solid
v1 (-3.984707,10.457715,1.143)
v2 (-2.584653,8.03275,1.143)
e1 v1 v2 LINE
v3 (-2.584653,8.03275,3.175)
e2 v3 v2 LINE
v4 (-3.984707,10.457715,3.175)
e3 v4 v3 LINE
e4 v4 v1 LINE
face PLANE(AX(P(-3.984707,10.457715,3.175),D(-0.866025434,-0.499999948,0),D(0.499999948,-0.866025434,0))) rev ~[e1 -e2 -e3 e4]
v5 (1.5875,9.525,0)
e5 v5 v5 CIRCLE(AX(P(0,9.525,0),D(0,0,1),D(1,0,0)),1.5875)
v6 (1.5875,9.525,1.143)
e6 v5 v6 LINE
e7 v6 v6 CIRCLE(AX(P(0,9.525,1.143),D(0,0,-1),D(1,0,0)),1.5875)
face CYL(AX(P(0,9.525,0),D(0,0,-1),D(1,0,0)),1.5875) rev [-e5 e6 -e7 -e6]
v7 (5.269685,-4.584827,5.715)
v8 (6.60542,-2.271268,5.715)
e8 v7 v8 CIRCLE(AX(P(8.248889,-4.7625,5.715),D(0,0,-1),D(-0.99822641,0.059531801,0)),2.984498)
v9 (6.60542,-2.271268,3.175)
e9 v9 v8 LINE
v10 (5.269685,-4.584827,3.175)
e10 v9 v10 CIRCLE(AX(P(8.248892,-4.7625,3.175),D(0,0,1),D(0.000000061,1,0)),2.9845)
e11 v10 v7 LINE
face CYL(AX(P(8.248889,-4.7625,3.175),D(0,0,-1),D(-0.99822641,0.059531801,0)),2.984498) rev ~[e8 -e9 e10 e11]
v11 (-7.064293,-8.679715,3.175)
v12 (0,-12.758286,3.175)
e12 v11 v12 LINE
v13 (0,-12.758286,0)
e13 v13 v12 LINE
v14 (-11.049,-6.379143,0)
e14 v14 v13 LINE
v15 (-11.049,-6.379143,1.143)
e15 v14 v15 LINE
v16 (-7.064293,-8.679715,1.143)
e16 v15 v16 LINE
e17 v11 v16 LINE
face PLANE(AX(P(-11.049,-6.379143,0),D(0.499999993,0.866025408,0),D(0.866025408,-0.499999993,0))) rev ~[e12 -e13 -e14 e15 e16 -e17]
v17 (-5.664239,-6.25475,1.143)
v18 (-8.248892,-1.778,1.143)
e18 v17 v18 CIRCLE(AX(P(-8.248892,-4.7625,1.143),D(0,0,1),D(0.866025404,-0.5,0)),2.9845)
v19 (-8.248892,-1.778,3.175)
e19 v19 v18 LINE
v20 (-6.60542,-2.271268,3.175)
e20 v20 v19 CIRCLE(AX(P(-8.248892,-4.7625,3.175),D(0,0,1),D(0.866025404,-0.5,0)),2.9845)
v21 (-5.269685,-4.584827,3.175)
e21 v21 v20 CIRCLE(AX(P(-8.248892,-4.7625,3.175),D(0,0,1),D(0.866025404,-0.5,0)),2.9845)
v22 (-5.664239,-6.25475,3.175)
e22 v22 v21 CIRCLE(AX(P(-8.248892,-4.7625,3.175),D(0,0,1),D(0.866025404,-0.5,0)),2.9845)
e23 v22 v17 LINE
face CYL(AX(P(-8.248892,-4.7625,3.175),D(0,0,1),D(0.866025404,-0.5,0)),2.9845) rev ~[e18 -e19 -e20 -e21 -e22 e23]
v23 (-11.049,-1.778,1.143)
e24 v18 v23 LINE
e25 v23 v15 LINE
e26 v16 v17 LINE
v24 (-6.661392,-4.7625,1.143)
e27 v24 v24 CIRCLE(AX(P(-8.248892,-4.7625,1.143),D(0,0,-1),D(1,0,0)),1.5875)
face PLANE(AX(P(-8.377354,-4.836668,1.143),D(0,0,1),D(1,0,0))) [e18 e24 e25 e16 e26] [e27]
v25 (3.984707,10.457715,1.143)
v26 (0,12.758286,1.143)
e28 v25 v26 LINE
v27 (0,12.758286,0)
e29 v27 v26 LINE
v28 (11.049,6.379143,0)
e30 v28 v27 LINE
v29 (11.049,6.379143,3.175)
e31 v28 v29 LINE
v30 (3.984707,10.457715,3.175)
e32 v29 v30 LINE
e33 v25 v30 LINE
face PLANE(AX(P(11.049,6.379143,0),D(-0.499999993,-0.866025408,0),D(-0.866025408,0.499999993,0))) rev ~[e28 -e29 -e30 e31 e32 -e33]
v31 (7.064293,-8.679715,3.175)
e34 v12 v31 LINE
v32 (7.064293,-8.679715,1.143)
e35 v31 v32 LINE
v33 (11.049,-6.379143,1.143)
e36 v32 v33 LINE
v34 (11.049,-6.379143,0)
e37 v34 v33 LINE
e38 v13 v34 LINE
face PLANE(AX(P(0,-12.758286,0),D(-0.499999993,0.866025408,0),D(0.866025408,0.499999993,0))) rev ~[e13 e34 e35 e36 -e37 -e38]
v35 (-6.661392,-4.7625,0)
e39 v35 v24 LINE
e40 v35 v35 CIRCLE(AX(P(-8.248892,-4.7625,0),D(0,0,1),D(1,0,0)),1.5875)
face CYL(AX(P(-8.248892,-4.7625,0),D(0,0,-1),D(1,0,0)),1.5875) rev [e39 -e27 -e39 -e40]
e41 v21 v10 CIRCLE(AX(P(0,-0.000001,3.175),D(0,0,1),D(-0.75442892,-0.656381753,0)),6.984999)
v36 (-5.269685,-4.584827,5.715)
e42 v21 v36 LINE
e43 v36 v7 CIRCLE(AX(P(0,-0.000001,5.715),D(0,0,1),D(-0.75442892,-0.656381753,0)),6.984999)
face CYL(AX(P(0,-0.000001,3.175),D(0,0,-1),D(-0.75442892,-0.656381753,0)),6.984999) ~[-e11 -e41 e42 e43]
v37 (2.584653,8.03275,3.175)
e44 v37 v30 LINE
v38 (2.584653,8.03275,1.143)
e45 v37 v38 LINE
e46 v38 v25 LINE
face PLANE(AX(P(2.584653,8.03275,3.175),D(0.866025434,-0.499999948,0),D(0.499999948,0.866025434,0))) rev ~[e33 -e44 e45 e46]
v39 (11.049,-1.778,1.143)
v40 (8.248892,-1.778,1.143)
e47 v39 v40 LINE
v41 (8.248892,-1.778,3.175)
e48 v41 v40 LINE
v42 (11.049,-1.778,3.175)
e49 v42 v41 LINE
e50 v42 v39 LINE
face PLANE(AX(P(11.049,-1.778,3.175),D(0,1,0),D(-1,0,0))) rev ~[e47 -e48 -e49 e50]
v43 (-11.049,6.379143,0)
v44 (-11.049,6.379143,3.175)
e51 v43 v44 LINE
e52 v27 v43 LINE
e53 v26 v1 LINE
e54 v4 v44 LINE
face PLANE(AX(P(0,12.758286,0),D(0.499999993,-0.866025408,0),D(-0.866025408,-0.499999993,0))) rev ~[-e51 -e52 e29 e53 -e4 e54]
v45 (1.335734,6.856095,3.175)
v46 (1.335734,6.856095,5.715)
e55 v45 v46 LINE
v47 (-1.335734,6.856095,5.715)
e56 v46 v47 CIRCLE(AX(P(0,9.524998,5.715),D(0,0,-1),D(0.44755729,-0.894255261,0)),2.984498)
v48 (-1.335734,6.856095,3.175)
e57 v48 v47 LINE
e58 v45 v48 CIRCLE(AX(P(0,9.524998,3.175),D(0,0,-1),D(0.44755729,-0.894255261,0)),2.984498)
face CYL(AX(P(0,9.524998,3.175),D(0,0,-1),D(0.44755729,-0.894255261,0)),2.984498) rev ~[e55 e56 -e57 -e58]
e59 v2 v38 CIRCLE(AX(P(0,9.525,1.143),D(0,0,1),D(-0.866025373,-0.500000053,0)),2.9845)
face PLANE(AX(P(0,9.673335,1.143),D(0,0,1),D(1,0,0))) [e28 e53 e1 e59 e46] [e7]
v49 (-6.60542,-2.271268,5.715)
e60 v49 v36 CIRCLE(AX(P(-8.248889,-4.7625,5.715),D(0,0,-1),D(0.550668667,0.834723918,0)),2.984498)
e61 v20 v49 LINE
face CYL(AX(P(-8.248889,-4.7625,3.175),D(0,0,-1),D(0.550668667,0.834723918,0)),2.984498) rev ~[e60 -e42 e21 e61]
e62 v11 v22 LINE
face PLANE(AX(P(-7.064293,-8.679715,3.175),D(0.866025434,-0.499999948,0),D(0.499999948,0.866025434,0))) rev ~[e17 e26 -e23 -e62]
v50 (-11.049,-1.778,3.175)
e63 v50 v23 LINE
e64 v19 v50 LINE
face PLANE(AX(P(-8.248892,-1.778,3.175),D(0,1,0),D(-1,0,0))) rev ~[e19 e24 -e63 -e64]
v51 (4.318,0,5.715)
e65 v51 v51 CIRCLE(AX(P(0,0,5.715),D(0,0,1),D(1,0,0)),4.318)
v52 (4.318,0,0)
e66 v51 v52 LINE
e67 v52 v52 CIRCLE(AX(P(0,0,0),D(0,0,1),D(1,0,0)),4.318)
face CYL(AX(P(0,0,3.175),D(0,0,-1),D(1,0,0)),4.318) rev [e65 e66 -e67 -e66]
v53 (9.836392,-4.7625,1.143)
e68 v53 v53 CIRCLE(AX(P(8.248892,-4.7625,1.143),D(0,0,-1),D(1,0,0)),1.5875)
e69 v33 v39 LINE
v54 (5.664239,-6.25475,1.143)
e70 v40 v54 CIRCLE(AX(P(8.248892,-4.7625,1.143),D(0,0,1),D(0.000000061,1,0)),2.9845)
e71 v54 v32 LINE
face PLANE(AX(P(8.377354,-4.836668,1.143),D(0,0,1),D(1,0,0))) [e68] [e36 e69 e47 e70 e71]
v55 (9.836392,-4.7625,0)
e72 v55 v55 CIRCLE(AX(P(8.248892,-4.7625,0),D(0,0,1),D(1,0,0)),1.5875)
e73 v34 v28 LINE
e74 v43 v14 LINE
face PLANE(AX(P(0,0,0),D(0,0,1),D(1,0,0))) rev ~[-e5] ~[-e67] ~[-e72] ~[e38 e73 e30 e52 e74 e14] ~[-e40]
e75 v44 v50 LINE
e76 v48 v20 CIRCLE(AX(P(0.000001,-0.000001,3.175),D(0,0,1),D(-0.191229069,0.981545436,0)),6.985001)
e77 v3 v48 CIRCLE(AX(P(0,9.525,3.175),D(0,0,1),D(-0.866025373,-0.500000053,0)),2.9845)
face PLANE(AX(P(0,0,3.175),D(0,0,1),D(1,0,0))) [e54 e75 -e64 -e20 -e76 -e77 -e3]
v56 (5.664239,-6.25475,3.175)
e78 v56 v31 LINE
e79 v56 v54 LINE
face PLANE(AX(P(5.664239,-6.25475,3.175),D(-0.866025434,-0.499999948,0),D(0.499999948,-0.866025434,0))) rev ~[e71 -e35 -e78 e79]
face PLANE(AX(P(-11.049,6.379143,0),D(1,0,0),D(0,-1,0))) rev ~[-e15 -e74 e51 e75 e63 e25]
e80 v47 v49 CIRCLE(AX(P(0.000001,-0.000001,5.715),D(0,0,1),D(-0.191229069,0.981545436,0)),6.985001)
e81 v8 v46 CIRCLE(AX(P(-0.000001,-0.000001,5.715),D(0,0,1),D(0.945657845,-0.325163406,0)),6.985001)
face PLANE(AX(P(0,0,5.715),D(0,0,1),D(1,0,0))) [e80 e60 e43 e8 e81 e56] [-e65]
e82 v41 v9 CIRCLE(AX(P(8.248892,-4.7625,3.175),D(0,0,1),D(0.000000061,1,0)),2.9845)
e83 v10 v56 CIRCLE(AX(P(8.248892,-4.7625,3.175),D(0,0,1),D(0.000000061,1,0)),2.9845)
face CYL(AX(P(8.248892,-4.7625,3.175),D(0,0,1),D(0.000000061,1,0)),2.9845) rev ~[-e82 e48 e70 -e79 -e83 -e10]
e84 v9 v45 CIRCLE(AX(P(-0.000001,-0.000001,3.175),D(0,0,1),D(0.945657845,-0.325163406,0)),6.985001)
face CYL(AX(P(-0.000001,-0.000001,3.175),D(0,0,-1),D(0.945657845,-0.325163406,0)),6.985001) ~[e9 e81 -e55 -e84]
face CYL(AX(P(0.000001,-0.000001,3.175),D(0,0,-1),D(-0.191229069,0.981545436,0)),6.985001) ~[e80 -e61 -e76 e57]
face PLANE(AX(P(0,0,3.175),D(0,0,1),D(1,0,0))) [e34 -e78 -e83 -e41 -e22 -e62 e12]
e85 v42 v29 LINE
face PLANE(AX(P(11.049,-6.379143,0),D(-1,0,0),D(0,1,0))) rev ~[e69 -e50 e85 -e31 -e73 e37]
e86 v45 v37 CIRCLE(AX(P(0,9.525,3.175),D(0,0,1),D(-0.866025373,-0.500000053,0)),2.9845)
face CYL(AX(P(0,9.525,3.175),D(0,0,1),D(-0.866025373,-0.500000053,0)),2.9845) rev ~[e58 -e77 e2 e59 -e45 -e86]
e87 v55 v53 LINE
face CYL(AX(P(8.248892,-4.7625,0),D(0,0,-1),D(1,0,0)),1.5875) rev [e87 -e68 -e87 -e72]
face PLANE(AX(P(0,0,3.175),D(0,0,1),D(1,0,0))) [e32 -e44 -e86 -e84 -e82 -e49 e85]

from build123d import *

# Parameters (mm, degrees)
F0_R     = 1.5875
F0_R_2   = 4.318
F1_DEPTH = 3.175
F3_DEPTH = 2.032
F5_R     = 4.318
F6_DEPTH = 2.54


with BuildPart() as f1:
    # F0 (on Top) → F1 (new body)
    with BuildSketch(Plane.XY):
        Polygon((11.049, -6.379143), (11.049, 6.379143), (0, 12.758286), (-11.049, 6.379143), (-11.049, -6.379143), (0, -12.758286), align=None)
        with Locations((-8.248892, -4.7625)):
            Circle(F0_R, mode=Mode.SUBTRACT)
        with Locations((8.248892, -4.7625)):
            Circle(F0_R, mode=Mode.SUBTRACT)
        Circle(F0_R_2, mode=Mode.SUBTRACT)
        with Locations((0, 9.525)):
            Circle(F0_R, mode=Mode.SUBTRACT)
    extrude(amount=F1_DEPTH)

    # F2 (on face) → F3 (cut)
    with BuildSketch(Plane.XY.offset(3.175)):
        with BuildLine():
            Line((0, 12.758286), (-3.984707, 10.457715))
            Line((-3.984707, 10.457715), (-2.584653, 8.03275))
            ThreePointArc((-2.584653, 8.03275), (0, 6.5405), (2.584653, 8.03275))
            Line((2.584653, 8.03275), (3.984707, 10.457715))
            Line((3.984707, 10.457715), (0, 12.758286))
        make_face()
        with BuildLine():
            Line((-8.248892, -1.778), (-11.049, -1.778))
            Line((-11.049, -1.778), (-11.049, -6.379143))
            Line((-11.049, -6.379143), (-7.064293, -8.679715))
            Line((-7.064293, -8.679715), (-5.664239, -6.25475))
            ThreePointArc((-5.664239, -6.25475), (-5.664239, -3.27025), (-8.248892, -1.778))
        make_face()
        with BuildLine():
            Line((5.664239, -6.25475), (7.064293, -8.679715))
            Line((7.064293, -8.679715), (11.049, -6.379143))
            Line((11.049, -6.379143), (11.049, -1.778))
            Line((11.049, -1.778), (8.248892, -1.778))
            ThreePointArc((8.248892, -1.778), (5.664239, -3.27025), (5.664239, -6.25475))
        make_face()
    extrude(amount=-F3_DEPTH, mode=Mode.SUBTRACT)

    # F5 (on face) → F6 (join)
    with BuildSketch(Plane.XY.offset(3.175)):
        with BuildLine():
            ThreePointArc((-6.60542, -2.271268), (-5.664239, -3.27025), (-5.269685, -4.584827))
            ThreePointArc((-5.269685, -4.584827), (0, -6.985), (5.269685, -4.584827))
            ThreePointArc((5.269685, -4.584827), (5.664239, -3.27025), (6.60542, -2.271268))
            ThreePointArc((6.60542, -2.271268), (6.049187, 3.4925), (1.335734, 6.856095))
            ThreePointArc((1.335734, 6.856095), (0, 6.5405), (-1.335734, 6.856095))
            ThreePointArc((-1.335734, 6.856095), (-6.049187, 3.4925), (-6.60542, -2.271268))
        make_face()
        Circle(F5_R, mode=Mode.SUBTRACT)
    extrude(amount=F6_DEPTH)


solid = f1.part
